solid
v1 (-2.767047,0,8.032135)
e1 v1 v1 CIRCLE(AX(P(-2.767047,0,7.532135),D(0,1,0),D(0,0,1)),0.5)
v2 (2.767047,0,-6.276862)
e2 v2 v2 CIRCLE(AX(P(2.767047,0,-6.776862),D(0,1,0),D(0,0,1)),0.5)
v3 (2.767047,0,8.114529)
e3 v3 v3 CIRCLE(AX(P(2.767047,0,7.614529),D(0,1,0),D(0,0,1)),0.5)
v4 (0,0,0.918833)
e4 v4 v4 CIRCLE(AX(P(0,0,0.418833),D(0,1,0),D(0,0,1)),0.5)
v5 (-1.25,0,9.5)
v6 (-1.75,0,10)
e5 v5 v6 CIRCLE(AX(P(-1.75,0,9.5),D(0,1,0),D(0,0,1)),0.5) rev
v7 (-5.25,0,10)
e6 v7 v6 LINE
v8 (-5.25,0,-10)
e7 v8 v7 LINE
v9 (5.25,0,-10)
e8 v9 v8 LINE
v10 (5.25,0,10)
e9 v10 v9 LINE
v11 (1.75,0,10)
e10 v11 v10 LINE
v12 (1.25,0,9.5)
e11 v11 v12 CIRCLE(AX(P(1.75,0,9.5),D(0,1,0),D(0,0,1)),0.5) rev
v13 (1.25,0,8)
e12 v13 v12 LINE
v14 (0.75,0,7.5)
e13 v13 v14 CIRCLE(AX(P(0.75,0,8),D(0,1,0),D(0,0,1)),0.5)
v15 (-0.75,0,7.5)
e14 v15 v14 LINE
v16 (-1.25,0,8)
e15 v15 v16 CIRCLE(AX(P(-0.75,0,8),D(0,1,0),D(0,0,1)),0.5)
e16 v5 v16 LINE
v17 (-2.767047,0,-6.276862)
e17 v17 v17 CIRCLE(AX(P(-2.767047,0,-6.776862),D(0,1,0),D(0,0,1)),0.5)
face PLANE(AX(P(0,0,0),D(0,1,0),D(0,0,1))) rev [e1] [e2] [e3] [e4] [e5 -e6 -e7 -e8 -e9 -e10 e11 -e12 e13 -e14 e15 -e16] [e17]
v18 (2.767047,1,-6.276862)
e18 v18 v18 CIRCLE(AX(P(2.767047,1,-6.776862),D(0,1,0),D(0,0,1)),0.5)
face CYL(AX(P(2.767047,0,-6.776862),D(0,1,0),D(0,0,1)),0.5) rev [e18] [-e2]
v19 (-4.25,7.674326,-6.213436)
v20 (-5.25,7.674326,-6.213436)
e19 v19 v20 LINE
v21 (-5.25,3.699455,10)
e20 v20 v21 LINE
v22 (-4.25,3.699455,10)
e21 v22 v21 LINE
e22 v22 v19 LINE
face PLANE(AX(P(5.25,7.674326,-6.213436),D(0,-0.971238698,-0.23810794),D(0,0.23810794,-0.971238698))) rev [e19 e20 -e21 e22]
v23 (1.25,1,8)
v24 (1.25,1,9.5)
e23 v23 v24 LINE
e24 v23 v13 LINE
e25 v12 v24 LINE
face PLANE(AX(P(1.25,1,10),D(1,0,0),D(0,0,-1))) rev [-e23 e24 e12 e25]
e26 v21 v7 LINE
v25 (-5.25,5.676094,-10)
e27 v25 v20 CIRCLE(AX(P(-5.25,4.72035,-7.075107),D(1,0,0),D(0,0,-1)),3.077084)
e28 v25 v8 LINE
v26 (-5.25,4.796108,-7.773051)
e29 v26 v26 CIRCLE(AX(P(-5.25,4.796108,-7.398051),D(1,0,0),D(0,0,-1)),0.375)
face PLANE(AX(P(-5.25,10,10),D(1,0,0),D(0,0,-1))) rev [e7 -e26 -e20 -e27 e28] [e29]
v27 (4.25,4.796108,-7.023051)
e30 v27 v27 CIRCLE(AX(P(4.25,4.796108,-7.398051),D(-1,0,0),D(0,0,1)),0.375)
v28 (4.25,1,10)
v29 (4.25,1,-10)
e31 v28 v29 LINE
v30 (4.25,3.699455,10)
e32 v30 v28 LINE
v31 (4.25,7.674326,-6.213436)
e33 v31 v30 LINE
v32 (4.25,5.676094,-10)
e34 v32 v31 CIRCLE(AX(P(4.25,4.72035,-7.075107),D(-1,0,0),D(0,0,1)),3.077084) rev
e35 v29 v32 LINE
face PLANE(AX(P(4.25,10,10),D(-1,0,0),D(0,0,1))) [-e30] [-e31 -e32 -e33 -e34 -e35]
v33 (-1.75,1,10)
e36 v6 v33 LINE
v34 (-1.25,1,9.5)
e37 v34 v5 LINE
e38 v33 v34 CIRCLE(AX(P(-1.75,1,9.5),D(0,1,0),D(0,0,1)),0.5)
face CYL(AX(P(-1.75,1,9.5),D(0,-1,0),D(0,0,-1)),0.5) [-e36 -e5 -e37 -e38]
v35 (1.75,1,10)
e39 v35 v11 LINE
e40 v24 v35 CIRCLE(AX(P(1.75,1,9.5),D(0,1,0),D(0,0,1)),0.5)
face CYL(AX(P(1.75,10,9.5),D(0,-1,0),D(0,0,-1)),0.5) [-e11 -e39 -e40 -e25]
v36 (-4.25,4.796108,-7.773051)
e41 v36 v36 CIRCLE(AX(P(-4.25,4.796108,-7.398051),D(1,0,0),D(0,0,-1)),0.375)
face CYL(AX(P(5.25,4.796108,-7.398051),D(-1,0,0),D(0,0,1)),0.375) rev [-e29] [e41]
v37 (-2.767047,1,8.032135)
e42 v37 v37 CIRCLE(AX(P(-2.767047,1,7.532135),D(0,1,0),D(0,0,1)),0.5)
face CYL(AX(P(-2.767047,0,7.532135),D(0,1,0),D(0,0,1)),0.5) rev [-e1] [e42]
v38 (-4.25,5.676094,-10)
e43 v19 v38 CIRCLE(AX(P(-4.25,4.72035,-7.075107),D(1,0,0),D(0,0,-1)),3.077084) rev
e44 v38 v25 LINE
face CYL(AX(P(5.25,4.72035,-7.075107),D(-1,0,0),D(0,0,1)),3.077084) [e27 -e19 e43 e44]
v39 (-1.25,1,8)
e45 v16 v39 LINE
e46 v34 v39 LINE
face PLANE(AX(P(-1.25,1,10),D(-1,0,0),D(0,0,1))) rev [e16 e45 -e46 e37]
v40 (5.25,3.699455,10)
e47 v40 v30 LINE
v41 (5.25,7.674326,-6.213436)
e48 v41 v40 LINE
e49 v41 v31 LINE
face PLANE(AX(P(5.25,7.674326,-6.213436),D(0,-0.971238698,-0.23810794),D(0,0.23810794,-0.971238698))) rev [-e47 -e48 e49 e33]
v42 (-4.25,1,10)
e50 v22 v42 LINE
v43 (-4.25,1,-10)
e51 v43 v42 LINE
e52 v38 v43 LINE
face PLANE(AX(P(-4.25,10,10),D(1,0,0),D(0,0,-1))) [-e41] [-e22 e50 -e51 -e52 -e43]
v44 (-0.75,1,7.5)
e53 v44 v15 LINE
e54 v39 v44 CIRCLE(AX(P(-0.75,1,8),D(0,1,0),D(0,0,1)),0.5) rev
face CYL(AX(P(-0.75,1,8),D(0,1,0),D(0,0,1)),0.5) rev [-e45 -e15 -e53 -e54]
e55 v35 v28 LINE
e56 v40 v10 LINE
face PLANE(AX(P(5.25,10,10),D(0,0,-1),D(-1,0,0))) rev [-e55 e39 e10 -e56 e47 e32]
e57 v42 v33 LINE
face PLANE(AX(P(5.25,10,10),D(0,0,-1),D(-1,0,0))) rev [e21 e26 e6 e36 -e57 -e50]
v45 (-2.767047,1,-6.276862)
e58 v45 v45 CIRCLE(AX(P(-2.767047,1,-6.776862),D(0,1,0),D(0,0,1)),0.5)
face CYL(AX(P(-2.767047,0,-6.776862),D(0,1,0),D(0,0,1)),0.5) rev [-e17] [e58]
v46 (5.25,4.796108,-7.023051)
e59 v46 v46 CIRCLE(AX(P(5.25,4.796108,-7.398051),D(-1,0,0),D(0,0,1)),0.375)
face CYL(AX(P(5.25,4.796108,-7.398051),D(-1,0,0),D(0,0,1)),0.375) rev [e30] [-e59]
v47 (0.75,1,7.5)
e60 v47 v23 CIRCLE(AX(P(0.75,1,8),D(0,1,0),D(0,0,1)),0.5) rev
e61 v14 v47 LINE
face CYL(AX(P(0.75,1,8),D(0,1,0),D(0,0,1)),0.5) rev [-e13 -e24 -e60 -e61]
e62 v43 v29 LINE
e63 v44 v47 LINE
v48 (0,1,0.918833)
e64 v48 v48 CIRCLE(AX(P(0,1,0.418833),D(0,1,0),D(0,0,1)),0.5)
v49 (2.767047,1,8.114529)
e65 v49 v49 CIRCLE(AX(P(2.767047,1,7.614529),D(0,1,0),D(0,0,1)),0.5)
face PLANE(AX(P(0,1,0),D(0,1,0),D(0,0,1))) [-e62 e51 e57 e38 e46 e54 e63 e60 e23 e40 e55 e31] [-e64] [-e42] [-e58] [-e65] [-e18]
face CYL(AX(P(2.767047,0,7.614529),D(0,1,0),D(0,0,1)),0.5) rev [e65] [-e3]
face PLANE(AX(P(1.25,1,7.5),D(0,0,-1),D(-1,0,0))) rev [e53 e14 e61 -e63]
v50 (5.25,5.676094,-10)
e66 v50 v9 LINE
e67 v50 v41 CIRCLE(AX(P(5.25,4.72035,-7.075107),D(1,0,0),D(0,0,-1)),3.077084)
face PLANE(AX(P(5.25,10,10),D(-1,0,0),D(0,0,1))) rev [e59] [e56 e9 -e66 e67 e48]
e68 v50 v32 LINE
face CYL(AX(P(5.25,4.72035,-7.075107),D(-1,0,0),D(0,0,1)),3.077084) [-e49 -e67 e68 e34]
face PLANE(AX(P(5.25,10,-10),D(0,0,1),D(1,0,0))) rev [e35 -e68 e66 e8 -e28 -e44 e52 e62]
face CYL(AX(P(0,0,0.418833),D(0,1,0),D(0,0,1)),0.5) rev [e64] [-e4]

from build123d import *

# Parameters (mm, degrees)
SKETCH1_W                = 10.5
SKETCH1_H                = 20
BOSS_EXTRUDE1_DEPTH      = 10
SHELL2_T                 = -1
SKETCH2_W                = 2.5
SKETCH2_H                = 2.5
CUT_EXTRUDE1_DEPTH       = 1
SKETCH3_W                = 8.5
SKETCH3_H                = 19
CUT_EXTRUDE2_DEPTH       = 1
CUT_EXTRUDE3_DEPTH       = 18.036725037
CUT_EXTRUDE3_DEPTH_BACK  = 18.036725037
SKETCH5_W                = 8.5
SKETCH5_H                = 6.121023644
CUT_EXTRUDE4_DEPTH       = 1
FILLET4_R                = 0.5
CUT_EXTRUDE9_DEPTH       = 17.463595639
CUT_EXTRUDE9_DEPTH_BACK  = 17.463595639
SKETCH10_R               = 0.375
CUT_EXTRUDE10_DEPTH      = 14.182094401
CUT_EXTRUDE10_DEPTH_BACK = 14.182094401
SKETCH11_R               = 0.5


with BuildPart() as part:
    # Sketch1 → Boss-Extrude1 (new body)
    with BuildSketch(Plane(origin=(0, 0, 0), x_dir=(1, 0, 0), z_dir=(0, 1, 0))):
        Rectangle(SKETCH1_W, SKETCH1_H)
    extrude(amount=BOSS_EXTRUDE1_DEPTH)

    # Shell2
    shell2_openings = [part.faces().sort_by_distance(p)[0] for p in [
        (0, 5, 10),
    ]]
    offset(amount=SHELL2_T, openings=shell2_openings, kind=Kind.INTERSECTION)

    # Sketch2 → Cut-Extrude1 (cut)
    with BuildSketch(Plane.XZ):
        with Locations((0, 8.75)):
            Rectangle(SKETCH2_W, SKETCH2_H)
    extrude(amount=-CUT_EXTRUDE1_DEPTH, mode=Mode.SUBTRACT)

    # Sketch3 → Cut-Extrude2 (cut)
    with BuildSketch(Plane.XZ.offset(-9)):
        with Locations((0, 0.5)):
            Rectangle(SKETCH3_W, SKETCH3_H)
    extrude(amount=-CUT_EXTRUDE2_DEPTH, mode=Mode.SUBTRACT)

    # Sketch4 → Cut-Extrude3 (cut, two sides: drawn at the far end of the back side and taken through both)
    with BuildSketch(Plane.ZY.offset(4.25).offset(-CUT_EXTRUDE3_DEPTH_BACK)):
        with BuildLine():
            Line((10, 10), (10, 3.699455157))
            Line((10, 3.699455157), (-6.213436391, 7.674325551))
            ThreePointArc((-6.213436391, 7.674325551), (-8.511231515, 7.441745527), (-10, 5.676094289))
            Line((-10, 5.676094289), (-10, 10))
            Line((-10, 10), (10, 10))
        make_face()
    extrude(amount=CUT_EXTRUDE3_DEPTH + CUT_EXTRUDE3_DEPTH_BACK, mode=Mode.SUBTRACT)

    # Sketch5 → Cut-Extrude4 (cut)
    with BuildSketch(Plane.XY.offset(-9)):
        with Locations((0, 4.060511822)):
            Rectangle(SKETCH5_W, SKETCH5_H)
    extrude(amount=-CUT_EXTRUDE4_DEPTH, mode=Mode.SUBTRACT)

    # Fillet4
    fillet4_edges = [part.edges().sort_by_distance(p)[0] for p in [
        (1.25, 0.5, 10),
        (1.25, 0.5, 7.5),
        (-1.25, 0.5, 7.5),
        (-1.25, 0.5, 10),
    ]]
    fillet(fillet4_edges, radius=FILLET4_R)

    # Sketch10 → Cut-Extrude9 (cut, two sides: drawn at the far end of the back side and taken through both)
    with BuildSketch(Plane.ZY.offset(5.25).offset(-CUT_EXTRUDE9_DEPTH_BACK)):
        with Locations((-7.398050854, 4.796107996)):
            Circle(SKETCH10_R)
    extrude(amount=CUT_EXTRUDE9_DEPTH + CUT_EXTRUDE9_DEPTH_BACK, mode=Mode.SUBTRACT)

    # Sketch11 → Cut-Extrude10 (cut, two sides: drawn at the far end of the back side and taken through both)
    with BuildSketch(Plane(origin=(0, 1, 0), x_dir=(1, 0, 0), z_dir=(0, 1, 0)).offset(-CUT_EXTRUDE10_DEPTH_BACK)):
        with Locations(Location((0, -0.418833411, 0), (0, 0, 270))):
            Circle(SKETCH11_R)
        with Locations(Location((2.767046964, -7.614528741, 0), (0, 0, 270))):
            Circle(SKETCH11_R)
        with Locations(Location((-2.767046964, -7.532135283, 0), (0, 0, 270))):
            Circle(SKETCH11_R)
        with Locations(Location((-2.767046964, 6.776861919, 0), (0, 0, 270))):
            Circle(SKETCH11_R)
        with Locations(Location((2.767046964, 6.776861919, 0), (0, 0, 270))):
            Circle(SKETCH11_R)
    extrude(amount=CUT_EXTRUDE10_DEPTH + CUT_EXTRUDE10_DEPTH_BACK, mode=Mode.SUBTRACT)


solid = part.part
